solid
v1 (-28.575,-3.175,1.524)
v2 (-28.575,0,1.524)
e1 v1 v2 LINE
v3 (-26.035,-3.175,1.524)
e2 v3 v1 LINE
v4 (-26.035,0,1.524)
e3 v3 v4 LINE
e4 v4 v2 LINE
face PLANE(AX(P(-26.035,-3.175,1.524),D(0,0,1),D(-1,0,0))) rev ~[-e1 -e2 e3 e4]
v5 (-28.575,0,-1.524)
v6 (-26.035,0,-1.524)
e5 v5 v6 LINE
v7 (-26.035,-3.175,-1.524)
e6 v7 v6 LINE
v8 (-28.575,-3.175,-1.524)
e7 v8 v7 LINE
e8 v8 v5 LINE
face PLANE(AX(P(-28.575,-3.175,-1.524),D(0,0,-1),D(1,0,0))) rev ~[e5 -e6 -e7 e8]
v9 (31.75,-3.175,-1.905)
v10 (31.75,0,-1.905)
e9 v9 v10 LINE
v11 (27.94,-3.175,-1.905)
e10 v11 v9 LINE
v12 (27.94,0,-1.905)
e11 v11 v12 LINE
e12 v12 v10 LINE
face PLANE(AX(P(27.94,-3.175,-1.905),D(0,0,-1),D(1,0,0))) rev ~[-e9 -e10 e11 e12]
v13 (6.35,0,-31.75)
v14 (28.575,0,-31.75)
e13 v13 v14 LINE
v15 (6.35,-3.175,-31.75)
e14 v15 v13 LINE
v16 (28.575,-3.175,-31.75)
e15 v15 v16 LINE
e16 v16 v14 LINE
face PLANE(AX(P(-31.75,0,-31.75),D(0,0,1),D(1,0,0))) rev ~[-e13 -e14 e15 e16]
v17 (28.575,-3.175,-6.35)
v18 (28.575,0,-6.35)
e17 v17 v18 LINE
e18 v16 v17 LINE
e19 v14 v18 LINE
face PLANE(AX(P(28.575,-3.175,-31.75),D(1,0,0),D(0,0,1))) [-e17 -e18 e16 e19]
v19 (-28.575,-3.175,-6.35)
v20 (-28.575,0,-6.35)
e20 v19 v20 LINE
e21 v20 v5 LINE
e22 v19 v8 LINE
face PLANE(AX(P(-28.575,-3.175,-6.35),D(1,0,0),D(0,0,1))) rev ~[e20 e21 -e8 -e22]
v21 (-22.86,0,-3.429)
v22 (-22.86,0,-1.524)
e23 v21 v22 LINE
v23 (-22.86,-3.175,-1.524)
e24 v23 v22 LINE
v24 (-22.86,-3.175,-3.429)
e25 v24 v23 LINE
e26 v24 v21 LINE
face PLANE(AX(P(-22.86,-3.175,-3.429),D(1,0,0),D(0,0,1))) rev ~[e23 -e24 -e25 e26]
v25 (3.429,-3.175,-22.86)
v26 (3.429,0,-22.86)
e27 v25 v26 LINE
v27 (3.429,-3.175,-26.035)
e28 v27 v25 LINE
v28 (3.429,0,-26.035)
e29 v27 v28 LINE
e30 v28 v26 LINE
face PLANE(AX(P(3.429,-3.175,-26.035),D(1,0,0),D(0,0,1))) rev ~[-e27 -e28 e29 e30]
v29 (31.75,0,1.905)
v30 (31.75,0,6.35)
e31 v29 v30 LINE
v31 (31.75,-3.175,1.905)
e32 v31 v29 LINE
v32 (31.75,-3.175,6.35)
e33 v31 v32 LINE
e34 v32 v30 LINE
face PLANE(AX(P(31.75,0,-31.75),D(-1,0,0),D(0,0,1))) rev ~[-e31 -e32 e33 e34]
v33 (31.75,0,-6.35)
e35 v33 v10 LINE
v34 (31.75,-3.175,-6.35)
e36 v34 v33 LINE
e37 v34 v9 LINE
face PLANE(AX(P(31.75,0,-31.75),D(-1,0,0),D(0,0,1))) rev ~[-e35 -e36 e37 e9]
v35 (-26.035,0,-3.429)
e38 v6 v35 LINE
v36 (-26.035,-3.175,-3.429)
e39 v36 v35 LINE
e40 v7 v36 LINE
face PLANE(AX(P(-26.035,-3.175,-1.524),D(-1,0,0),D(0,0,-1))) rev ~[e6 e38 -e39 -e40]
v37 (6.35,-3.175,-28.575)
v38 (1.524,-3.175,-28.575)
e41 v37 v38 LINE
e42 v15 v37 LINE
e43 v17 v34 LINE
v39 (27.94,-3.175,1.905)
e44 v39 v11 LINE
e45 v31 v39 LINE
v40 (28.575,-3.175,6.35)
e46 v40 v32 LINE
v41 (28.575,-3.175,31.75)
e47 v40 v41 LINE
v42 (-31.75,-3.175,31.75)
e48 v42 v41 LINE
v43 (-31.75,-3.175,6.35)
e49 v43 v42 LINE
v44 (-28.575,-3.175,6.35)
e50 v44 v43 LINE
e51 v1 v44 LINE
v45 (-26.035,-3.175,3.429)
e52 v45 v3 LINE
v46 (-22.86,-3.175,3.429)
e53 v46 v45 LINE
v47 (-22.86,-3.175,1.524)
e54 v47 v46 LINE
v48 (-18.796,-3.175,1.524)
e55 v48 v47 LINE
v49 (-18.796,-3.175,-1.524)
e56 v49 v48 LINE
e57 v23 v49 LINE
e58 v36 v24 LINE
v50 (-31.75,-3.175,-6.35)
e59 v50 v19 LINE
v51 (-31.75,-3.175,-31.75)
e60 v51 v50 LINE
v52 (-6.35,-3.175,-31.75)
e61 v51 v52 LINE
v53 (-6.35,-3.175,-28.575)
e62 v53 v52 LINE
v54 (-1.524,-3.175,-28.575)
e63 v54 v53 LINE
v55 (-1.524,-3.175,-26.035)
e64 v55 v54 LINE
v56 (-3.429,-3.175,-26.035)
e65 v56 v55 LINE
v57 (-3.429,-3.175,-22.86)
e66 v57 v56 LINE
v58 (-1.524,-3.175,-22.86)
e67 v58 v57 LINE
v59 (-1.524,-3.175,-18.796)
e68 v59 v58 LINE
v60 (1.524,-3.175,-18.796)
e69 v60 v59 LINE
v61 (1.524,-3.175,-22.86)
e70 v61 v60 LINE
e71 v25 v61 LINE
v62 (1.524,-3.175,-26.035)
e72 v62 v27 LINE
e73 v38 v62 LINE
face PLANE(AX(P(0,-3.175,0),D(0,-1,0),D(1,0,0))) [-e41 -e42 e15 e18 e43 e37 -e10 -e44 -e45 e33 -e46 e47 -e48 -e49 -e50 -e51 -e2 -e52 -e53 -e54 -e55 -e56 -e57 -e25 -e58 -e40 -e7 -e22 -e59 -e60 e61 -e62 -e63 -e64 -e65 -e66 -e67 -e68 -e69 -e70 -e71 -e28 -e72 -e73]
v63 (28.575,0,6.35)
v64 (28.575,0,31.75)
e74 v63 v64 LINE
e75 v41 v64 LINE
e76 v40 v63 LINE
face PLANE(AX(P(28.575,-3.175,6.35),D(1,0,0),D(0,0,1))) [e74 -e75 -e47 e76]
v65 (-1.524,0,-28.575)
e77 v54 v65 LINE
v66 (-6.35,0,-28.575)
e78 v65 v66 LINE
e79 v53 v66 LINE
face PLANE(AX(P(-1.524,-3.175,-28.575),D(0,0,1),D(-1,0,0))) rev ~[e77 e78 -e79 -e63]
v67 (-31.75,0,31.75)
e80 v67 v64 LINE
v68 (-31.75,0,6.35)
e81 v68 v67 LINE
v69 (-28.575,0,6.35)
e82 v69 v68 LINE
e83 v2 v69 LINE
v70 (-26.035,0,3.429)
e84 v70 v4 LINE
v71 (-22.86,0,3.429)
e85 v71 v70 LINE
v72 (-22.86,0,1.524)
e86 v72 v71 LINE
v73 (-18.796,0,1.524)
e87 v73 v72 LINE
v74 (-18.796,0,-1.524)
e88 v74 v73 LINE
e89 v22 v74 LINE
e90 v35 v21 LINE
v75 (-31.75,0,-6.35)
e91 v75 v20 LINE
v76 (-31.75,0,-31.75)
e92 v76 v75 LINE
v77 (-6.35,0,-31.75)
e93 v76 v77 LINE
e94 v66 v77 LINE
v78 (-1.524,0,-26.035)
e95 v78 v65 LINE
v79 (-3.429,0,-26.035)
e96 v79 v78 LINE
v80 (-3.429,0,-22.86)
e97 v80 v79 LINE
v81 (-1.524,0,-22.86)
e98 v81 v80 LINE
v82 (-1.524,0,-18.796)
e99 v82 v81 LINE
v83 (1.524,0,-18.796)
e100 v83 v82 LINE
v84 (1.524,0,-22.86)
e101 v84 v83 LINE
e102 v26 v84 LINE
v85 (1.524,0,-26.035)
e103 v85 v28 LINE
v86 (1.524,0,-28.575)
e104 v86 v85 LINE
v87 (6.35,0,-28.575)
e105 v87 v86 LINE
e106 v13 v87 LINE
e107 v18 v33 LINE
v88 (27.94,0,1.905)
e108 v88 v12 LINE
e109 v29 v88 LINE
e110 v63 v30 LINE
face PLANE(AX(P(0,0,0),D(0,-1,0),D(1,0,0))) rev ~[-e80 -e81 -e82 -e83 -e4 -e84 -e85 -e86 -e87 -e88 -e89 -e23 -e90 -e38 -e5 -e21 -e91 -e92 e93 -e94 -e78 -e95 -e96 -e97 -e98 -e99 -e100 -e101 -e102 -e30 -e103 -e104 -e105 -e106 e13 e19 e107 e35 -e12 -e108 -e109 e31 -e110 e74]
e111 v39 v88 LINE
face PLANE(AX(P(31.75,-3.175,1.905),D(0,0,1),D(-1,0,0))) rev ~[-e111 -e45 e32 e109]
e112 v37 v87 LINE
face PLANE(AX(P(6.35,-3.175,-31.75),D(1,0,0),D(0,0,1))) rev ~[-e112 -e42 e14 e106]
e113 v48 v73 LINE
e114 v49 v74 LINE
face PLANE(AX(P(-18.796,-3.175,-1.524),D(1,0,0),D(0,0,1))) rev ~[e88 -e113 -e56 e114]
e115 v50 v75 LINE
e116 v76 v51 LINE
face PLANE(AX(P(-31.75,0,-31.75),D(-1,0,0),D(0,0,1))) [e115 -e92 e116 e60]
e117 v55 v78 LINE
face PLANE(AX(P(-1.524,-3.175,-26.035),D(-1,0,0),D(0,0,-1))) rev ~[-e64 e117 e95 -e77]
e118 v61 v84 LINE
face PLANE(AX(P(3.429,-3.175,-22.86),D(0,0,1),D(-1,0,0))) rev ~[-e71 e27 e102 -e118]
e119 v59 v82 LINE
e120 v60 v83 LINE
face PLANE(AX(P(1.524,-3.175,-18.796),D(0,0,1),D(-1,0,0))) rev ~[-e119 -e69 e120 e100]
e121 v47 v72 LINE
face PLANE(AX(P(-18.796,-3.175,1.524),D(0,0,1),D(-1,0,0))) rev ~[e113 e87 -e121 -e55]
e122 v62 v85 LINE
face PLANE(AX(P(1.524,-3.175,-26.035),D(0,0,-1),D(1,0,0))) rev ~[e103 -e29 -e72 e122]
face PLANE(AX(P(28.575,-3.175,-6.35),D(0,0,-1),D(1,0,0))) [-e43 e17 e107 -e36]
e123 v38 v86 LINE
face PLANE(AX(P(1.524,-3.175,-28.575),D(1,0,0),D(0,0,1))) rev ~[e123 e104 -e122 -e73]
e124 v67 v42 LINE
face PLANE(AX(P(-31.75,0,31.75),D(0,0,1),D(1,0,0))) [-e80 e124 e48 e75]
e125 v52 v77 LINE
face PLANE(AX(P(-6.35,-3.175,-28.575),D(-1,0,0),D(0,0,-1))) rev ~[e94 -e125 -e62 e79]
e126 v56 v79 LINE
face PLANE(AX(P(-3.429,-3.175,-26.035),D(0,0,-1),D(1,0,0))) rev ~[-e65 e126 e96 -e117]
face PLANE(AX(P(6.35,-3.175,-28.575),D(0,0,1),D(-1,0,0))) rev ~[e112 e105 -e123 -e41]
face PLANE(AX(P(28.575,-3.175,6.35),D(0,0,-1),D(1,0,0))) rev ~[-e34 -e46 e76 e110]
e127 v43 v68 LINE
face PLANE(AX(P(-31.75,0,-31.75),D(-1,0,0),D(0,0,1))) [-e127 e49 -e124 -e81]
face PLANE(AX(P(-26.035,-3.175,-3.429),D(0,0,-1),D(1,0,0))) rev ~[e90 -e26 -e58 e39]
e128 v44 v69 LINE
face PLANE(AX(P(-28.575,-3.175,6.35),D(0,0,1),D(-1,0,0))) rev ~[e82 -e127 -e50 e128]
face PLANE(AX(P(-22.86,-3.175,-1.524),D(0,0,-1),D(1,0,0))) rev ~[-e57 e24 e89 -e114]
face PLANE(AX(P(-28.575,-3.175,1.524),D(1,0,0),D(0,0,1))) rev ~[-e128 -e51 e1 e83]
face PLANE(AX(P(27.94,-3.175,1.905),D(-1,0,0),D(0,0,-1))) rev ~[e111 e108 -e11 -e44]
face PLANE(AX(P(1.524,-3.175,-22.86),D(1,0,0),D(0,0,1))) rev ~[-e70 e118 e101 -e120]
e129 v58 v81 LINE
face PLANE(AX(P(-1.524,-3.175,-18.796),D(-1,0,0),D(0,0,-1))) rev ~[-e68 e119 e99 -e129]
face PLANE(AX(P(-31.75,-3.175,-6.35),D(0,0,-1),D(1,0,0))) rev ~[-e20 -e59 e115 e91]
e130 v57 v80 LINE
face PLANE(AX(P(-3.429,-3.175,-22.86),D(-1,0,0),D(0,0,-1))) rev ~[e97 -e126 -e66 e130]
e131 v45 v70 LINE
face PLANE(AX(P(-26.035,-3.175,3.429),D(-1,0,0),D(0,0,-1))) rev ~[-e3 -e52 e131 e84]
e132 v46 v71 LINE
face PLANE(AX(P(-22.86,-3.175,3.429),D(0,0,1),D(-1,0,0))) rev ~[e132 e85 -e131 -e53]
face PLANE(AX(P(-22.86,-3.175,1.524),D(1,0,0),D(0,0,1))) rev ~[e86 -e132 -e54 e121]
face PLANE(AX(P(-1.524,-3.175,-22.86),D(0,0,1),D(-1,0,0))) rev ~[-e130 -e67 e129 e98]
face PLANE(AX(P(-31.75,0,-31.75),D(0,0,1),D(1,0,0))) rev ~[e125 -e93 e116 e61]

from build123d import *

# Parameters (mm, degrees)
F0_W     = 63.5
F0_H     = 63.5
F1_DEPTH = 3.175
F2_W     = 3.175
F2_H     = 25.4
F3_DEPTH = 25.4


with BuildPart() as f1:
    # F0 (on Front) → F1 (new body)
    with BuildSketch(Plane.XZ):
        Rectangle(F0_W, F0_H)
    extrude(amount=F1_DEPTH)

    # F2 (on face) → F3 (cut)
    with BuildSketch(Plane.XZ.offset(3.175)):
        with Locations((30.1625, 19.05)):
            Rectangle(F2_W, F2_H)
        with Locations((30.1625, -19.05)):
            Rectangle(F2_W, F2_H)
        Polygon((31.75, 1.905), (27.94, 1.905), (27.94, -1.905), (31.75, -1.905), (31.75, 0), align=None)
        Polygon((-6.35, -31.75), (0, -31.75), (6.35, -31.75), (6.35, -28.575), (1.524, -28.575), (1.524, -26.035), (3.429, -26.035), (3.429, -22.86), (1.524, -22.86), (1.524, -18.796), (0, -18.796), (-1.524, -18.796), (-1.524, -22.86), (-3.429, -22.86), (-3.429, -26.035), (-1.524, -26.035), (-1.524, -28.575), (-6.35, -28.575), align=None)
        Polygon((-31.75, 6.35), (-31.75, 0), (-31.75, -6.35), (-28.575, -6.35), (-28.575, -1.524), (-26.035, -1.524), (-26.035, -3.429), (-22.86, -3.429), (-22.86, -1.524), (-18.796, -1.524), (-18.796, 0), (-18.796, 1.524), (-22.86, 1.524), (-22.86, 3.429), (-26.035, 3.429), (-26.035, 1.524), (-28.575, 1.524), (-28.575, 6.35), align=None)
    extrude(amount=-F3_DEPTH, mode=Mode.SUBTRACT)


solid = f1.part
